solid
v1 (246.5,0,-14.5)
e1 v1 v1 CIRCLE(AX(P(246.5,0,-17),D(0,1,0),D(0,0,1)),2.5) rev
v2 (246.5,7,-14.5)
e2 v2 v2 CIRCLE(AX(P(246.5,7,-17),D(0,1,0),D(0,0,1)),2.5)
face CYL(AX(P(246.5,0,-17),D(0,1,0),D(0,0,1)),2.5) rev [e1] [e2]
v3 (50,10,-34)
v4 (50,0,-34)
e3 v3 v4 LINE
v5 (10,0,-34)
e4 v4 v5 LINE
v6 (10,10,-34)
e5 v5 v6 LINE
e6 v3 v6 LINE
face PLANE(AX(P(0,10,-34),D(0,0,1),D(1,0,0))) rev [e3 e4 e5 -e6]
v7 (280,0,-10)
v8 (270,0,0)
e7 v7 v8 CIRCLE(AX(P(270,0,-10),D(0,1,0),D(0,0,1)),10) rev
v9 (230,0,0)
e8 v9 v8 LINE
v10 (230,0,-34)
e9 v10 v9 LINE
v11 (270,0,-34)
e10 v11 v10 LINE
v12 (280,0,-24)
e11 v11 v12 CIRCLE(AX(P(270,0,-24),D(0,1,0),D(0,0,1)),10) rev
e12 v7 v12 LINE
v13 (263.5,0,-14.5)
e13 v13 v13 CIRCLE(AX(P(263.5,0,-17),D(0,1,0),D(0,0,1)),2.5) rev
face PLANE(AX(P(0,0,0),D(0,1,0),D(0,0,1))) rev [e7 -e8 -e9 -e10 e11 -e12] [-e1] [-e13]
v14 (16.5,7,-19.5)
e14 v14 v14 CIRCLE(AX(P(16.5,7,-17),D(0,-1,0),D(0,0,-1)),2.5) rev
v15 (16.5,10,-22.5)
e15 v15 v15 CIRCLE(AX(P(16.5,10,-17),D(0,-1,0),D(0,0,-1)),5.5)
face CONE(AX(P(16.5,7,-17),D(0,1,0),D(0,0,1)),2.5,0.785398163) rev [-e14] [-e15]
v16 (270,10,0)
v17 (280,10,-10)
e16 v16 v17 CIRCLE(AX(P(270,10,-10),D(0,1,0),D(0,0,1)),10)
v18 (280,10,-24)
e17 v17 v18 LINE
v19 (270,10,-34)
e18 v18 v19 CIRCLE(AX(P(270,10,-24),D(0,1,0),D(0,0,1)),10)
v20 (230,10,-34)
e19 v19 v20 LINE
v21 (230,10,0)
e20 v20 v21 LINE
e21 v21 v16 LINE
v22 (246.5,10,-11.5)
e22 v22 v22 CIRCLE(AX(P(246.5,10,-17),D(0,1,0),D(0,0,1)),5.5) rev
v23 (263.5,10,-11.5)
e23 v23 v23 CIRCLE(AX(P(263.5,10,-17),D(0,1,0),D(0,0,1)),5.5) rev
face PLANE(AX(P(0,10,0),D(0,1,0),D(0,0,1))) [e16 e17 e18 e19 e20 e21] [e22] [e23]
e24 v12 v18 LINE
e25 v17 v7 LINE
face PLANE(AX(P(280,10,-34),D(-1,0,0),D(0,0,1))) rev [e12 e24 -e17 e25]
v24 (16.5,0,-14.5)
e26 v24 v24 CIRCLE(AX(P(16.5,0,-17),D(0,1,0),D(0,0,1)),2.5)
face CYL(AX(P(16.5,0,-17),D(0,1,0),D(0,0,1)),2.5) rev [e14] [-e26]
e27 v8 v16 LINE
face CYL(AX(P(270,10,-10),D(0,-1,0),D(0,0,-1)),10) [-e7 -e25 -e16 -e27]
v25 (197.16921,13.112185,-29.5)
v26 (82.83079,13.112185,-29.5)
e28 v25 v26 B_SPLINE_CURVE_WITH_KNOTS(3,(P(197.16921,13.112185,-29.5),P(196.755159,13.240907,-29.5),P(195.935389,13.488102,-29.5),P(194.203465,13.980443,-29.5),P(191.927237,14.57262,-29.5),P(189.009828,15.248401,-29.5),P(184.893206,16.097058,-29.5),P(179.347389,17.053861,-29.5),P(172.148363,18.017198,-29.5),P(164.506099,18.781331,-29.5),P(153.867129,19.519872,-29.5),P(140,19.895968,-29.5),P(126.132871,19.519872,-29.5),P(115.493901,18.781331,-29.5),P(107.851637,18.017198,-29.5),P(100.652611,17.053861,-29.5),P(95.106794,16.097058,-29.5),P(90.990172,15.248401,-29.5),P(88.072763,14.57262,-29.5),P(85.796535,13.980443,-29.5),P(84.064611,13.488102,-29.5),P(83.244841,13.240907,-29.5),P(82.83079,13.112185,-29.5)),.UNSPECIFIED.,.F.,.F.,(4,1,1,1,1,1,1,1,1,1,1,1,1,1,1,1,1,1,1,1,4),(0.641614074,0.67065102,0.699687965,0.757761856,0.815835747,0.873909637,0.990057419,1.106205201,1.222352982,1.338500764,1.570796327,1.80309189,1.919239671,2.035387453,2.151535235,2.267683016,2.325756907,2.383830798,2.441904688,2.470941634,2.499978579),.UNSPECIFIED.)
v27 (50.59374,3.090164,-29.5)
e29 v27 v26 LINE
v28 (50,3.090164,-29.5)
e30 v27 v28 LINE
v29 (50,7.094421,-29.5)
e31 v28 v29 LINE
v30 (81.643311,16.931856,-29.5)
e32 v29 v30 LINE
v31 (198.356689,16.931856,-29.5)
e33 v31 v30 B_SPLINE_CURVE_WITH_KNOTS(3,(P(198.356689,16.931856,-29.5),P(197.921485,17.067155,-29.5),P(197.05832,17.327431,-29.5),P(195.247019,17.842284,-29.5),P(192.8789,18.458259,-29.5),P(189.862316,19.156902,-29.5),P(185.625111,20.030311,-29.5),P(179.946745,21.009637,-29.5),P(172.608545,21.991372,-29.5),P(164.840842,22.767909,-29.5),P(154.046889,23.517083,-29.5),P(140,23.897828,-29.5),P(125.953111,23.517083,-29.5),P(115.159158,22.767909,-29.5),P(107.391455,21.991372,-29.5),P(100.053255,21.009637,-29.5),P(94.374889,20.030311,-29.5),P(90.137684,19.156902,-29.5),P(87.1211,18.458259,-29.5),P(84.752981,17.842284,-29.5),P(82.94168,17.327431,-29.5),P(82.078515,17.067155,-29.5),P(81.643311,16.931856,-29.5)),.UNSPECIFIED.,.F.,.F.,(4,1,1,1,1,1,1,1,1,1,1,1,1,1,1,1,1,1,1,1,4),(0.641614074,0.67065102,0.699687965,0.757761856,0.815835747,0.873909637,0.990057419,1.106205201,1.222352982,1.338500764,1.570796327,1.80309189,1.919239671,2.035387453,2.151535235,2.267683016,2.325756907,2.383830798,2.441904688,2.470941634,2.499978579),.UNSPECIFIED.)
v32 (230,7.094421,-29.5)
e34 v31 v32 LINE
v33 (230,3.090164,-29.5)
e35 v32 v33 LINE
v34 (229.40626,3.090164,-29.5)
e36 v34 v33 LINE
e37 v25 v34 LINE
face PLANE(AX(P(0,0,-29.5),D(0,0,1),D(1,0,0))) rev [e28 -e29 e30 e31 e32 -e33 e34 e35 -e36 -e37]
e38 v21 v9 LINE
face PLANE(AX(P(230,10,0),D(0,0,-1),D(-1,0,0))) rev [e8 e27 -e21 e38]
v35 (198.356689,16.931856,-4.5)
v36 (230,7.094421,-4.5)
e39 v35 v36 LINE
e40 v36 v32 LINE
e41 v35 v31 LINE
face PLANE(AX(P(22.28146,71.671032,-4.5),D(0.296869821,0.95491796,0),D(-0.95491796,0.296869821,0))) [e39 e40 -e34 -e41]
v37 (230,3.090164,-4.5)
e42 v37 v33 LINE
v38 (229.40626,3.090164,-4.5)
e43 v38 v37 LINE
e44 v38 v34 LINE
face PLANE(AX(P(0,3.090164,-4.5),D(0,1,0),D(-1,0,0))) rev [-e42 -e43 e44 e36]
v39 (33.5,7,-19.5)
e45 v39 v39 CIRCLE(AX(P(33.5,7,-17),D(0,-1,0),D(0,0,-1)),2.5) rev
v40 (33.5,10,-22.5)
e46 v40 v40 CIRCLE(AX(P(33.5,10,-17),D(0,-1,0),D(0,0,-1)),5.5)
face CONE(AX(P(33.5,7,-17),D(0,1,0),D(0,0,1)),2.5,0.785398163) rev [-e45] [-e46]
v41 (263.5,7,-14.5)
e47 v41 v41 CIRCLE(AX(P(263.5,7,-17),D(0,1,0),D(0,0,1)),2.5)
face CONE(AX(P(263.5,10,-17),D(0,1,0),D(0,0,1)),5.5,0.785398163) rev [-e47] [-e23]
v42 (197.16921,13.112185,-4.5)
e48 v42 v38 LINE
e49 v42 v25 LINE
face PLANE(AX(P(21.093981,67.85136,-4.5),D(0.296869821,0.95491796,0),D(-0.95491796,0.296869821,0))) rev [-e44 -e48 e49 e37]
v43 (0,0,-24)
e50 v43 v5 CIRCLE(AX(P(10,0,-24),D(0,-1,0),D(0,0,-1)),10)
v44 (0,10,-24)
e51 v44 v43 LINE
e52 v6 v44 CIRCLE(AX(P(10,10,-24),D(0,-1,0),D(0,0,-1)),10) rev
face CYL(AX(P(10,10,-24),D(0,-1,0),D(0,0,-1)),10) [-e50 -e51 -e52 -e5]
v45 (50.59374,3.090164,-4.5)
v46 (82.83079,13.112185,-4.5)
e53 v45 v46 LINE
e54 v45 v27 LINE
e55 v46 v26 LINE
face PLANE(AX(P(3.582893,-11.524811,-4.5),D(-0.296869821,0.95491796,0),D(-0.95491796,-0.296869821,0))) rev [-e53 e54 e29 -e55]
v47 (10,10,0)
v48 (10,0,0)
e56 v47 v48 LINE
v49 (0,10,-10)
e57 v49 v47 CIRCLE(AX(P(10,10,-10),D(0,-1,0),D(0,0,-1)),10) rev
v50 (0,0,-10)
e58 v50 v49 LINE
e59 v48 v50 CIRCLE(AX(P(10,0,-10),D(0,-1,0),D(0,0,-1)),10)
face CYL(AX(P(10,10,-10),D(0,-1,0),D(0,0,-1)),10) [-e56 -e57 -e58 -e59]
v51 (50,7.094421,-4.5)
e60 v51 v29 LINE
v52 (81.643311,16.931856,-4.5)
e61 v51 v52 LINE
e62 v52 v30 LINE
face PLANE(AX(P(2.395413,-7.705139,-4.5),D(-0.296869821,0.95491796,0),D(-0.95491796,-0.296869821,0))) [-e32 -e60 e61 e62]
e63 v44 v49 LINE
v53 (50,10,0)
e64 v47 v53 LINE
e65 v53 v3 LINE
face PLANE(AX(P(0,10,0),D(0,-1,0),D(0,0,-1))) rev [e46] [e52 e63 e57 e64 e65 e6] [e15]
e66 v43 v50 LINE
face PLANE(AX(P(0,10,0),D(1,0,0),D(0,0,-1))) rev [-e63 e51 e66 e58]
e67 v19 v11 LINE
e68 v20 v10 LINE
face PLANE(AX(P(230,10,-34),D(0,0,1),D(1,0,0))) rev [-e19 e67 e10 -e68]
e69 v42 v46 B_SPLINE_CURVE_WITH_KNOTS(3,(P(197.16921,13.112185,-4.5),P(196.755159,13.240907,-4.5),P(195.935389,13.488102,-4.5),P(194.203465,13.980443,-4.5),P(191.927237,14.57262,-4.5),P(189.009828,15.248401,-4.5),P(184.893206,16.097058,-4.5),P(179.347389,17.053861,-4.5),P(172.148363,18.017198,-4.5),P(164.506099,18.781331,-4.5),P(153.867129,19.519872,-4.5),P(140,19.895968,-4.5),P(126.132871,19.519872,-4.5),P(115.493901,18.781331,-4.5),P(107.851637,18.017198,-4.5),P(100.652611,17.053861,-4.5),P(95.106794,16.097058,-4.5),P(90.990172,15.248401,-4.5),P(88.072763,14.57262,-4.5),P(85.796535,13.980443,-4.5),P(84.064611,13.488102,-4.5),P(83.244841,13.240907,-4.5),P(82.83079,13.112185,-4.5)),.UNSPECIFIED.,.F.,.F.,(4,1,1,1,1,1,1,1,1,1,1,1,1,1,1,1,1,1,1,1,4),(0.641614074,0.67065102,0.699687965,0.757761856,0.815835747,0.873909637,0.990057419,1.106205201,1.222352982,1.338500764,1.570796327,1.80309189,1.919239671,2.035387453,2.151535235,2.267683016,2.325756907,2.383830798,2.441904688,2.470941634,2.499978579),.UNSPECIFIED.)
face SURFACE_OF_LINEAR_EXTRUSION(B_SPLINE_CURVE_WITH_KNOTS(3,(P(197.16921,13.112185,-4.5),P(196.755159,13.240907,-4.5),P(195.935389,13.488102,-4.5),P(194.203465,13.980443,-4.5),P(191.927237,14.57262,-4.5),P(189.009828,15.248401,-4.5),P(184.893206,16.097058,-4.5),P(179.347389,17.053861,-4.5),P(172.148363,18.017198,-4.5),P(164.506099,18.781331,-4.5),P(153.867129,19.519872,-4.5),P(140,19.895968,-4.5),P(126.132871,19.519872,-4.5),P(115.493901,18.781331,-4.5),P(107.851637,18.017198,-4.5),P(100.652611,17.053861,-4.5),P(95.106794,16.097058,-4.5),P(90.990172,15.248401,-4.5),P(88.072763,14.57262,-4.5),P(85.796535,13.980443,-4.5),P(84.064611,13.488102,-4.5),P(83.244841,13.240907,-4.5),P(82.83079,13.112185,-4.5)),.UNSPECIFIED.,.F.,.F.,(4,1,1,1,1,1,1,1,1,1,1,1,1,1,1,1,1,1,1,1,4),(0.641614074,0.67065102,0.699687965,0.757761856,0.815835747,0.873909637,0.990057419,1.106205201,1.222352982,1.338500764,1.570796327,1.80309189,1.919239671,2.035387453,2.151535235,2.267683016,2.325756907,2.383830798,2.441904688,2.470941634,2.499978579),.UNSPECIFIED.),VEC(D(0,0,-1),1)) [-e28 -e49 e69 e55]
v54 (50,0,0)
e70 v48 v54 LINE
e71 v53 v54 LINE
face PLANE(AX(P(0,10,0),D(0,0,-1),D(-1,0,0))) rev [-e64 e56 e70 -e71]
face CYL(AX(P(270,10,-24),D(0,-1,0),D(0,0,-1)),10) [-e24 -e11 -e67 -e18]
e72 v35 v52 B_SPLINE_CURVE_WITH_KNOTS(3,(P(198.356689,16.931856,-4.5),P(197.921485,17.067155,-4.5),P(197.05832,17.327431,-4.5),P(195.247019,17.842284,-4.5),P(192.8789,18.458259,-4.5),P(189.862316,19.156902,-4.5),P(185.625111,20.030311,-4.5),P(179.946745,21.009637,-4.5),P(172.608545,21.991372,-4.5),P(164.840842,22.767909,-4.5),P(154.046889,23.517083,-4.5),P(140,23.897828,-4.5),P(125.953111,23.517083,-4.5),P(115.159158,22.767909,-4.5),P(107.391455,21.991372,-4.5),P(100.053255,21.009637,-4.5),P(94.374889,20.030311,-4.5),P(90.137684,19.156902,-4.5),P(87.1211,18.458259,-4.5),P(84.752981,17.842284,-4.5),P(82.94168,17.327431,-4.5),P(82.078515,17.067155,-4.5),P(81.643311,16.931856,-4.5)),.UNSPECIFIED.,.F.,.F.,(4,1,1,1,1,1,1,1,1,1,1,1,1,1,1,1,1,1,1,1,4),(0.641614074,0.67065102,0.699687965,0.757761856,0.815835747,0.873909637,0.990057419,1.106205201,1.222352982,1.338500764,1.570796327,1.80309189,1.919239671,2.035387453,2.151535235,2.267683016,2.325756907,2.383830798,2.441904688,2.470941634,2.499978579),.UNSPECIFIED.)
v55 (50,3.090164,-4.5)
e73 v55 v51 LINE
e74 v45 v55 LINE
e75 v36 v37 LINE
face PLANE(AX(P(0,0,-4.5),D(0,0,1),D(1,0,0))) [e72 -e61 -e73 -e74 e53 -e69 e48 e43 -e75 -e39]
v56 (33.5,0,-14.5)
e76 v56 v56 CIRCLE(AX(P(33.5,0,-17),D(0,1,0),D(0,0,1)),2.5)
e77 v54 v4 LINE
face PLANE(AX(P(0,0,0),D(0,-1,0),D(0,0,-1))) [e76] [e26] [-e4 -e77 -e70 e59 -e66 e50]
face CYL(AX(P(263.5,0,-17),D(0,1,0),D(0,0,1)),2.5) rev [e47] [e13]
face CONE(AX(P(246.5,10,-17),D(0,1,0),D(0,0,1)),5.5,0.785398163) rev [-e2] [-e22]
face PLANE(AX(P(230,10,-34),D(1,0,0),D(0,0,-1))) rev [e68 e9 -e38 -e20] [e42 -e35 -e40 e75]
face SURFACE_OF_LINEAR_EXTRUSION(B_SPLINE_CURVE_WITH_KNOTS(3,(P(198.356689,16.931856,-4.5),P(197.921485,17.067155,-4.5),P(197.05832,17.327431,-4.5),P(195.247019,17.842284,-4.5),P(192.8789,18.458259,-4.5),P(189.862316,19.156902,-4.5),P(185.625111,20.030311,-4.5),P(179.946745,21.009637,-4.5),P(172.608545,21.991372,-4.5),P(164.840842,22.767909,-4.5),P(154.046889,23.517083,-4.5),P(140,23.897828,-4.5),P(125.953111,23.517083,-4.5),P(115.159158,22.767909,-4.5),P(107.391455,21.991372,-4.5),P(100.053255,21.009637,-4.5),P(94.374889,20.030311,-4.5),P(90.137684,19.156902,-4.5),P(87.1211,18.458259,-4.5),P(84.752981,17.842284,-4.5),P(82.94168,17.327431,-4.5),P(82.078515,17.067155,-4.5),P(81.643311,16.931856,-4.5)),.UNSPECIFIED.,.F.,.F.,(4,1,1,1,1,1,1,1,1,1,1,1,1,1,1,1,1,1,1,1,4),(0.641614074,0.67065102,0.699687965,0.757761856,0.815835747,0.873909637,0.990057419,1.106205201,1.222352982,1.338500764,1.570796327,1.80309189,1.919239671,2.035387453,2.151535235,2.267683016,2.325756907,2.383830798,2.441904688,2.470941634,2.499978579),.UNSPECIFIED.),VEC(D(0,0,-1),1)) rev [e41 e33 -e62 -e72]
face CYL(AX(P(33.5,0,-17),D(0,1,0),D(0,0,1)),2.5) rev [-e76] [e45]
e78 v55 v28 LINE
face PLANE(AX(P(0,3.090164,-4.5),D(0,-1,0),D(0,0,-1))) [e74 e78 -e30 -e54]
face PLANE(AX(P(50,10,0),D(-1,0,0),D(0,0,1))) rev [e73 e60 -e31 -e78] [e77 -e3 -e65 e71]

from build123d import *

# Parameters (mm, degrees)
SKETCH1_W             = 50
SKETCH1_H             = 34
BOSS_EXTRUDE1_DEPTH   = 10
BOSS_EXTRUDE1_2_DEPTH = 10
FILLET1_R             = 10
FILLET2_R             = 10
BOSS_EXTRUDE2_DEPTH   = 12.5
SKETCH4_R             = 2.5
CUT_EXTRUDE1_DEPTH    = 283.391465155
CHAMFER1_SIZE         = 3


with BuildPart() as part:
    # Sketch1 → Boss-Extrude1 (new body)
    with BuildSketch(Plane(origin=(0, 0, 0), x_dir=(1, 0, 0), z_dir=(0, 1, 0))):
        with Locations((25, 17)):
            Rectangle(SKETCH1_W, SKETCH1_H)
    extrude(amount=BOSS_EXTRUDE1_DEPTH)

    # Fillet1
    fillet1_edges = [part.edges().sort_by_distance(p)[0] for p in [
        (0, 5, -34),
        (0, 5, 0),
    ]]
    fillet(fillet1_edges, radius=FILLET1_R)



with BuildPart() as body_2:
    # Sketch1 → Boss-Extrude1 2 (new body)
    with BuildSketch(Plane(origin=(0, 0, 0), x_dir=(1, 0, 0), z_dir=(0, 1, 0))):
        with Locations((255, 17)):
            Rectangle(SKETCH1_W, SKETCH1_H)
    extrude(amount=BOSS_EXTRUDE1_2_DEPTH)

    # Fillet2
    fillet2_edges = [body_2.edges().sort_by_distance(p)[0] for p in [
        (280, 5, -34),
        (280, 5, 0),
    ]]
    fillet(fillet2_edges, radius=FILLET2_R)


with BuildPart() as part_1:
    add(part.part)

    add(body_2.part)  # Boss-Extrude2 merges body 2
    # Sketch3 → Boss-Extrude2 (add, symmetric)
    with BuildSketch(Plane.XY.offset(-17)):
        with BuildLine():
            Line((230, 7.094420761), (198.356689293, 16.93185641))
            add(Edge.make_bspline(
                [(198.356689293, 16.93185641), (197.921485468, 17.06715482), (197.058320029, 17.327430882), (195.247018989, 17.842283694), (192.878899734, 18.458259291), (189.862315722, 19.156901641), (185.625111362, 20.030310935), (179.946744848, 21.009637357), (172.608544526, 21.991371788), (164.84084187, 22.767908957), (154.046889349, 23.517083016), (140, 23.897827649), (125.953110651, 23.517083016), (115.15915813, 22.767908957), (107.391455474, 21.991371788), (100.053255152, 21.009637357), (94.374888638, 20.030310935), (90.137684278, 19.156901641), (87.121100266, 18.458259291), (84.752981011, 17.842283694), (82.941679971, 17.327430882), (82.078514532, 17.06715482), (81.643310707, 16.93185641)],
                knots=[0.641614074, 0.641614074, 0.641614074, 0.641614074, 0.67065102, 0.699687965, 0.757761856, 0.815835747, 0.873909637, 0.990057419, 1.106205201, 1.222352982, 1.338500764, 1.570796327, 1.80309189, 1.919239671, 2.035387453, 2.151535235, 2.267683016, 2.325756907, 2.383830798, 2.441904688, 2.470941634, 2.499978579, 2.499978579, 2.499978579, 2.499978579], degree=3))
            Line((81.643310707, 16.93185641), (50, 7.094420761))
            Line((50, 7.094420761), (50, 3.090164081))
            Line((50, 3.090164081), (50.593739641, 3.090164081))
            Line((50.593739641, 3.090164081), (82.83078999, 13.112184572))
            add(Edge.make_bspline(
                [(197.16921001, 13.112184572), (196.755159459, 13.240906743), (195.935388877, 13.488101862), (194.203464644, 13.980443227), (191.927236958, 14.572619906), (189.009827951, 15.248400933), (184.89320594, 16.097058438), (179.347389143, 17.053860827), (172.148362972, 18.017197671), (164.506098732, 18.781331097), (153.867128529, 19.519872284), (140, 19.895968137), (126.132871471, 19.519872284), (115.493901268, 18.781331097), (107.851637028, 18.017197671), (100.652610857, 17.053860827), (95.10679406, 16.097058438), (90.990172049, 15.248400933), (88.072763042, 14.572619906), (85.796535356, 13.980443227), (84.064611123, 13.488101862), (83.244840541, 13.240906743), (82.83078999, 13.112184572)],
                knots=[0.641614074, 0.641614074, 0.641614074, 0.641614074, 0.67065102, 0.699687965, 0.757761856, 0.815835747, 0.873909637, 0.990057419, 1.106205201, 1.222352982, 1.338500764, 1.570796327, 1.80309189, 1.919239671, 2.035387453, 2.151535235, 2.267683016, 2.325756907, 2.383830798, 2.441904688, 2.470941634, 2.499978579, 2.499978579, 2.499978579, 2.499978579], degree=3))
            Line((197.16921001, 13.112184572), (229.406260359, 3.090164081))
            Line((229.406260359, 3.090164081), (230, 3.090164081))
            Line((230, 3.090164081), (230, 7.094420761))
        make_face()
    extrude(amount=BOSS_EXTRUDE2_DEPTH, both=True)

    # Sketch4 → Cut-Extrude1 (cut, through all)
    with BuildSketch(Plane(origin=(0, 10, 0), x_dir=(1, 0, 0), z_dir=(0, 1, 0))):
        with Locations(Location((16.5, 17, 0), (0, 0, 270))):
            Circle(SKETCH4_R)
        with Locations(Location((33.5, 17, 0), (0, 0, 270))):
            Circle(SKETCH4_R)
        with Locations(Location((246.5, 17, 0), (0, 0, 270))):
            Circle(SKETCH4_R)
        with Locations(Location((263.5, 17, 0), (0, 0, 270))):
            Circle(SKETCH4_R)
    extrude(amount=-CUT_EXTRUDE1_DEPTH, mode=Mode.SUBTRACT)

    # Chamfer1
    chamfer1_edges = [part_1.edges().sort_by_distance(p)[0] for p in [
        (16.5, 10, -19.5),
        (33.5, 10, -19.5),
        (246.5, 10, -19.5),
        (263.5, 10, -19.5),
    ]]
    chamfer(chamfer1_edges, length=CHAMFER1_SIZE)


solid = part_1.part
